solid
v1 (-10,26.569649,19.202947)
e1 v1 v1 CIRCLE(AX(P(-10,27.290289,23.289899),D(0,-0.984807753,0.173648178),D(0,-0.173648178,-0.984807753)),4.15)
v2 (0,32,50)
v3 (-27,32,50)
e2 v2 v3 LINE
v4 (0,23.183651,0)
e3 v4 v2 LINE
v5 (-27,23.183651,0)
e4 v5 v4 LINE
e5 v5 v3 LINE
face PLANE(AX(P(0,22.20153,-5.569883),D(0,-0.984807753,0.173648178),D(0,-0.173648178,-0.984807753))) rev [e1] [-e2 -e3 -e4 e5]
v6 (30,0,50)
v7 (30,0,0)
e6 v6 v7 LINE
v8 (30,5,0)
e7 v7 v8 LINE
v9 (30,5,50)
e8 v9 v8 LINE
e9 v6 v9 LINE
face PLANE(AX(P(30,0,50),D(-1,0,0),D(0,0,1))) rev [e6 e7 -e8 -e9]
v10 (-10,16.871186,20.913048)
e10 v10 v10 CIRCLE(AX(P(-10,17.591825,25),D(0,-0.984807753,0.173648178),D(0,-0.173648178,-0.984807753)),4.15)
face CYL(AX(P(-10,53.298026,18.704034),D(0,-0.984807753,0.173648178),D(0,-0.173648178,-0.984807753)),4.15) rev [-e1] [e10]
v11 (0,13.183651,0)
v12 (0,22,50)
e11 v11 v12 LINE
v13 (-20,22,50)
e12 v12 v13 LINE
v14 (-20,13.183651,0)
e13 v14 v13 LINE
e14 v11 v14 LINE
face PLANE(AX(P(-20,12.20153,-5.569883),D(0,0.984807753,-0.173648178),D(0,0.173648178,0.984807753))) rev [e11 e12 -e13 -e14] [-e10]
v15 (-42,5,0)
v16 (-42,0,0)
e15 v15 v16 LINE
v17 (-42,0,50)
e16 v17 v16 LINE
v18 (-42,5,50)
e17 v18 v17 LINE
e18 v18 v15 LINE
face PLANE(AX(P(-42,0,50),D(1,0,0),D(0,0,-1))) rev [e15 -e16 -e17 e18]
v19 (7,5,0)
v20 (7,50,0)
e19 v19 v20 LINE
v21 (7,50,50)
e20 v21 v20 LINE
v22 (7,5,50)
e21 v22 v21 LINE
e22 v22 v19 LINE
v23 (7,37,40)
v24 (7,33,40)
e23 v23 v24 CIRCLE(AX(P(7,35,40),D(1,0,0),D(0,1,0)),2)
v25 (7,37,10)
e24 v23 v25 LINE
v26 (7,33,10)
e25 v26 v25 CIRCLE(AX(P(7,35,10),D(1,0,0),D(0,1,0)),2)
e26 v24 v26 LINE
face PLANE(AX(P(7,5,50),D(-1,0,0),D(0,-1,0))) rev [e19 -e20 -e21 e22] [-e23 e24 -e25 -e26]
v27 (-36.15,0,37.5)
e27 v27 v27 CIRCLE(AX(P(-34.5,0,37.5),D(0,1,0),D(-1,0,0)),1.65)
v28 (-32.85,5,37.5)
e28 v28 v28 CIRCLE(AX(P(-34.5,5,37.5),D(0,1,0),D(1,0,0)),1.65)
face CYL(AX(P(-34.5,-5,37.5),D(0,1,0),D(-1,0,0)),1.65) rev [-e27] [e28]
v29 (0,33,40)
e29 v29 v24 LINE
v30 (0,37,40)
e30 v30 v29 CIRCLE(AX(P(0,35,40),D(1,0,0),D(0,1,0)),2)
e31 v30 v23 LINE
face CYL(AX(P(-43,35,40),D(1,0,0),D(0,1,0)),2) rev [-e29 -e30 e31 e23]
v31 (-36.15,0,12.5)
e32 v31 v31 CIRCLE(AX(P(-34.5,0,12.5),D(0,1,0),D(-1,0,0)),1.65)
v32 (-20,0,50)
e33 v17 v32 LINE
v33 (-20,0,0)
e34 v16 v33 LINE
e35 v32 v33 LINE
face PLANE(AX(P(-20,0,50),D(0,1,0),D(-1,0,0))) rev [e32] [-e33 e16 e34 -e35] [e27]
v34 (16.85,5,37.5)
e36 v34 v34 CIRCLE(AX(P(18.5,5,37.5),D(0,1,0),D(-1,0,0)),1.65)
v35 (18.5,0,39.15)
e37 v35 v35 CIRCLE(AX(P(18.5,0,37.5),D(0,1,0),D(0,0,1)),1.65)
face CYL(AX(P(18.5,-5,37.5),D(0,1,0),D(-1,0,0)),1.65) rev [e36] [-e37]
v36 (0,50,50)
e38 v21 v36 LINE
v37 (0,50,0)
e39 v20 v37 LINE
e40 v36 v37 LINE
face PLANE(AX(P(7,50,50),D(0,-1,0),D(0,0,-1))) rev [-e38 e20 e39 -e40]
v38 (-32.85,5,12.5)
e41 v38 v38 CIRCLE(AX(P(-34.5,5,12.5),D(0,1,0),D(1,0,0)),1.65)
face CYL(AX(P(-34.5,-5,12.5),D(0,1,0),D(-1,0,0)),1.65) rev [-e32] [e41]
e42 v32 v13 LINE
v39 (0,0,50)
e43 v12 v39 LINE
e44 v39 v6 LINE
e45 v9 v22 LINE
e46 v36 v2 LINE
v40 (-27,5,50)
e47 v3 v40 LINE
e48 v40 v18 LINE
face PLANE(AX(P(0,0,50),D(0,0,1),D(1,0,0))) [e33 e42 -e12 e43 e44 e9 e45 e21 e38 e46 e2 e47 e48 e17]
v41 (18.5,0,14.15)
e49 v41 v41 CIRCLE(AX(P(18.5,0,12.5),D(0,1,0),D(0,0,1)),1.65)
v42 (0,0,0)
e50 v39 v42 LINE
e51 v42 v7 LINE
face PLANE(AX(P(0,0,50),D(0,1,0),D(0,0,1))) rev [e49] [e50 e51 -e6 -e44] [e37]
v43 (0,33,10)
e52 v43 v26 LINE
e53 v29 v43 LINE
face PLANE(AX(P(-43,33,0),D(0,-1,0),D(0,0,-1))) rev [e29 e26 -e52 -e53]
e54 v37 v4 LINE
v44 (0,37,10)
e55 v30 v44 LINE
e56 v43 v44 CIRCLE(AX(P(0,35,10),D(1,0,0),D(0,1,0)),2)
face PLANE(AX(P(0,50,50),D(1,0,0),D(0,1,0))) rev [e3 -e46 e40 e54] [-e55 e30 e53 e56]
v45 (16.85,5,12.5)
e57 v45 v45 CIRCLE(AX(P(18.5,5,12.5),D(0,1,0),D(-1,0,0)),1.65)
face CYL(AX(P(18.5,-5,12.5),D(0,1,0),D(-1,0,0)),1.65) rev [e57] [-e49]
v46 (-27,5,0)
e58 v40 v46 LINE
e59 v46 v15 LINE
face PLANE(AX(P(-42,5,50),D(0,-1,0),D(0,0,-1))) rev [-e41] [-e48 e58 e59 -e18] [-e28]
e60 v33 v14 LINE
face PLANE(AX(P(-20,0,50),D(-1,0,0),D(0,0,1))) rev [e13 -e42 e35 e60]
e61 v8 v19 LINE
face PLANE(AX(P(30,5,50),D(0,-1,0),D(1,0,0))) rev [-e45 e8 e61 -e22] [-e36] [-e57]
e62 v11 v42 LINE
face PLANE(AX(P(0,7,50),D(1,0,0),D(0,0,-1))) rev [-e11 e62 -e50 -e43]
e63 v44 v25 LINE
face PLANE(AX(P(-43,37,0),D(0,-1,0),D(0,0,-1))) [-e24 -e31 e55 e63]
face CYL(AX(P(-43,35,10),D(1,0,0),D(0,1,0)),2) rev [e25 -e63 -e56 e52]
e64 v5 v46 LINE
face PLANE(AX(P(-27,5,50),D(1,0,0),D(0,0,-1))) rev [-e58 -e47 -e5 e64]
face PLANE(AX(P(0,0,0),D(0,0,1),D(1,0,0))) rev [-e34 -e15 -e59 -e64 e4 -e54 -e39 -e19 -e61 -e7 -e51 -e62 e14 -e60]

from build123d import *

# Parameters (mm, degrees)
RESSALTO_EXTRUS_O1_DEPTH = 50
CORTE_EXTRUS_O1_DEPTH    = 50
ESBO_O5_R                = 1.65
CORTE_EXTRUS_O2_DEPTH    = 10
ESBO_O7_W                = 27
ESBO_O7_H                = 9.386843201
ESBO_O7_W_2              = 20
ESBO_O7_H_2              = 15
CORTE_EXTRUS_O3_DEPTH    = 84.527706575
ESBO_O8_R                = 4.15
CORTE_EXTRUS_O4_DEPTH    = 77.677309979


with BuildPart() as part:
    # Esboço2 → Ressalto-extrusão1 (new body)
    with BuildSketch(Plane.XY):
        Polygon((0, 0), (30, 0), (30, 5), (7, 5), (7, 50), (0, 50), (0, 32), (-20, 32), (-27, 32), (-27, 5), (-42, 5), (-42, 0), (-20, 0), (-20, 7), (0, 7), align=None)
    extrude(amount=RESSALTO_EXTRUS_O1_DEPTH)

    # Esboço3 → Corte-extrusão1 (cut)
    with BuildSketch(Plane(origin=(7, 0, 0), x_dir=(0, 0, -1), z_dir=(1, 0, 0))):
        with BuildLine():
            Line((-40, 33), (-10, 33))
            ThreePointArc((-10, 33), (-8, 35), (-10, 37))
            Line((-10, 37), (-40, 37))
            ThreePointArc((-40, 37), (-42, 35), (-40, 33))
        make_face()
    extrude(amount=-CORTE_EXTRUS_O1_DEPTH, mode=Mode.SUBTRACT)

    # Esboço5 → Corte-extrusão2 (cut)
    with BuildSketch(Plane(origin=(0, 5, 0), x_dir=(1, 0, 0), z_dir=(0, 1, 0))):
        with Locations(Location((18.5, -37.5, 0), (0, 0, 180))):
            Circle(ESBO_O5_R)
        with Locations(Location((18.5, -12.5, 0), (0, 0, 180))):
            Circle(ESBO_O5_R)
        with Locations(Location((-34.5, -12.5, 0), (0, 0, 180))):
            Circle(ESBO_O5_R)
        with Locations(Location((-34.5, -37.5, 0), (0, 0, 180))):
            Circle(ESBO_O5_R)
    extrude(amount=-CORTE_EXTRUS_O2_DEPTH, mode=Mode.SUBTRACT)

    # Esboço7 → Corte-extrusão3 (cut, through all, along a direction that is not the sketch's normal)
    with BuildSketch(Plane.XY.offset(50)):
        with Locations((-13.5, 36.693421601)):
            Rectangle(ESBO_O7_W, ESBO_O7_H)
        with Locations((-10, 14.5)):
            Rectangle(ESBO_O7_W_2, ESBO_O7_H_2)
    extrude(amount=-CORTE_EXTRUS_O3_DEPTH, dir=(0, 0.1736481776669347, 0.9848077530122074), mode=Mode.SUBTRACT)

    # Esboço8 → Corte-extrusão4 (cut, through all)
    with BuildSketch(Plane(origin=(0, 12.786115246, -2.254537096), x_dir=(1, 0, 0), z_dir=(0, -0.9848077530122075, 0.1736481776669347))):
        with Locations(Location((-10, 27.674982262, 0), (0, 0, 270))):
            Circle(ESBO_O8_R)
    extrude(amount=-CORTE_EXTRUS_O4_DEPTH, mode=Mode.SUBTRACT)


solid = part.part
